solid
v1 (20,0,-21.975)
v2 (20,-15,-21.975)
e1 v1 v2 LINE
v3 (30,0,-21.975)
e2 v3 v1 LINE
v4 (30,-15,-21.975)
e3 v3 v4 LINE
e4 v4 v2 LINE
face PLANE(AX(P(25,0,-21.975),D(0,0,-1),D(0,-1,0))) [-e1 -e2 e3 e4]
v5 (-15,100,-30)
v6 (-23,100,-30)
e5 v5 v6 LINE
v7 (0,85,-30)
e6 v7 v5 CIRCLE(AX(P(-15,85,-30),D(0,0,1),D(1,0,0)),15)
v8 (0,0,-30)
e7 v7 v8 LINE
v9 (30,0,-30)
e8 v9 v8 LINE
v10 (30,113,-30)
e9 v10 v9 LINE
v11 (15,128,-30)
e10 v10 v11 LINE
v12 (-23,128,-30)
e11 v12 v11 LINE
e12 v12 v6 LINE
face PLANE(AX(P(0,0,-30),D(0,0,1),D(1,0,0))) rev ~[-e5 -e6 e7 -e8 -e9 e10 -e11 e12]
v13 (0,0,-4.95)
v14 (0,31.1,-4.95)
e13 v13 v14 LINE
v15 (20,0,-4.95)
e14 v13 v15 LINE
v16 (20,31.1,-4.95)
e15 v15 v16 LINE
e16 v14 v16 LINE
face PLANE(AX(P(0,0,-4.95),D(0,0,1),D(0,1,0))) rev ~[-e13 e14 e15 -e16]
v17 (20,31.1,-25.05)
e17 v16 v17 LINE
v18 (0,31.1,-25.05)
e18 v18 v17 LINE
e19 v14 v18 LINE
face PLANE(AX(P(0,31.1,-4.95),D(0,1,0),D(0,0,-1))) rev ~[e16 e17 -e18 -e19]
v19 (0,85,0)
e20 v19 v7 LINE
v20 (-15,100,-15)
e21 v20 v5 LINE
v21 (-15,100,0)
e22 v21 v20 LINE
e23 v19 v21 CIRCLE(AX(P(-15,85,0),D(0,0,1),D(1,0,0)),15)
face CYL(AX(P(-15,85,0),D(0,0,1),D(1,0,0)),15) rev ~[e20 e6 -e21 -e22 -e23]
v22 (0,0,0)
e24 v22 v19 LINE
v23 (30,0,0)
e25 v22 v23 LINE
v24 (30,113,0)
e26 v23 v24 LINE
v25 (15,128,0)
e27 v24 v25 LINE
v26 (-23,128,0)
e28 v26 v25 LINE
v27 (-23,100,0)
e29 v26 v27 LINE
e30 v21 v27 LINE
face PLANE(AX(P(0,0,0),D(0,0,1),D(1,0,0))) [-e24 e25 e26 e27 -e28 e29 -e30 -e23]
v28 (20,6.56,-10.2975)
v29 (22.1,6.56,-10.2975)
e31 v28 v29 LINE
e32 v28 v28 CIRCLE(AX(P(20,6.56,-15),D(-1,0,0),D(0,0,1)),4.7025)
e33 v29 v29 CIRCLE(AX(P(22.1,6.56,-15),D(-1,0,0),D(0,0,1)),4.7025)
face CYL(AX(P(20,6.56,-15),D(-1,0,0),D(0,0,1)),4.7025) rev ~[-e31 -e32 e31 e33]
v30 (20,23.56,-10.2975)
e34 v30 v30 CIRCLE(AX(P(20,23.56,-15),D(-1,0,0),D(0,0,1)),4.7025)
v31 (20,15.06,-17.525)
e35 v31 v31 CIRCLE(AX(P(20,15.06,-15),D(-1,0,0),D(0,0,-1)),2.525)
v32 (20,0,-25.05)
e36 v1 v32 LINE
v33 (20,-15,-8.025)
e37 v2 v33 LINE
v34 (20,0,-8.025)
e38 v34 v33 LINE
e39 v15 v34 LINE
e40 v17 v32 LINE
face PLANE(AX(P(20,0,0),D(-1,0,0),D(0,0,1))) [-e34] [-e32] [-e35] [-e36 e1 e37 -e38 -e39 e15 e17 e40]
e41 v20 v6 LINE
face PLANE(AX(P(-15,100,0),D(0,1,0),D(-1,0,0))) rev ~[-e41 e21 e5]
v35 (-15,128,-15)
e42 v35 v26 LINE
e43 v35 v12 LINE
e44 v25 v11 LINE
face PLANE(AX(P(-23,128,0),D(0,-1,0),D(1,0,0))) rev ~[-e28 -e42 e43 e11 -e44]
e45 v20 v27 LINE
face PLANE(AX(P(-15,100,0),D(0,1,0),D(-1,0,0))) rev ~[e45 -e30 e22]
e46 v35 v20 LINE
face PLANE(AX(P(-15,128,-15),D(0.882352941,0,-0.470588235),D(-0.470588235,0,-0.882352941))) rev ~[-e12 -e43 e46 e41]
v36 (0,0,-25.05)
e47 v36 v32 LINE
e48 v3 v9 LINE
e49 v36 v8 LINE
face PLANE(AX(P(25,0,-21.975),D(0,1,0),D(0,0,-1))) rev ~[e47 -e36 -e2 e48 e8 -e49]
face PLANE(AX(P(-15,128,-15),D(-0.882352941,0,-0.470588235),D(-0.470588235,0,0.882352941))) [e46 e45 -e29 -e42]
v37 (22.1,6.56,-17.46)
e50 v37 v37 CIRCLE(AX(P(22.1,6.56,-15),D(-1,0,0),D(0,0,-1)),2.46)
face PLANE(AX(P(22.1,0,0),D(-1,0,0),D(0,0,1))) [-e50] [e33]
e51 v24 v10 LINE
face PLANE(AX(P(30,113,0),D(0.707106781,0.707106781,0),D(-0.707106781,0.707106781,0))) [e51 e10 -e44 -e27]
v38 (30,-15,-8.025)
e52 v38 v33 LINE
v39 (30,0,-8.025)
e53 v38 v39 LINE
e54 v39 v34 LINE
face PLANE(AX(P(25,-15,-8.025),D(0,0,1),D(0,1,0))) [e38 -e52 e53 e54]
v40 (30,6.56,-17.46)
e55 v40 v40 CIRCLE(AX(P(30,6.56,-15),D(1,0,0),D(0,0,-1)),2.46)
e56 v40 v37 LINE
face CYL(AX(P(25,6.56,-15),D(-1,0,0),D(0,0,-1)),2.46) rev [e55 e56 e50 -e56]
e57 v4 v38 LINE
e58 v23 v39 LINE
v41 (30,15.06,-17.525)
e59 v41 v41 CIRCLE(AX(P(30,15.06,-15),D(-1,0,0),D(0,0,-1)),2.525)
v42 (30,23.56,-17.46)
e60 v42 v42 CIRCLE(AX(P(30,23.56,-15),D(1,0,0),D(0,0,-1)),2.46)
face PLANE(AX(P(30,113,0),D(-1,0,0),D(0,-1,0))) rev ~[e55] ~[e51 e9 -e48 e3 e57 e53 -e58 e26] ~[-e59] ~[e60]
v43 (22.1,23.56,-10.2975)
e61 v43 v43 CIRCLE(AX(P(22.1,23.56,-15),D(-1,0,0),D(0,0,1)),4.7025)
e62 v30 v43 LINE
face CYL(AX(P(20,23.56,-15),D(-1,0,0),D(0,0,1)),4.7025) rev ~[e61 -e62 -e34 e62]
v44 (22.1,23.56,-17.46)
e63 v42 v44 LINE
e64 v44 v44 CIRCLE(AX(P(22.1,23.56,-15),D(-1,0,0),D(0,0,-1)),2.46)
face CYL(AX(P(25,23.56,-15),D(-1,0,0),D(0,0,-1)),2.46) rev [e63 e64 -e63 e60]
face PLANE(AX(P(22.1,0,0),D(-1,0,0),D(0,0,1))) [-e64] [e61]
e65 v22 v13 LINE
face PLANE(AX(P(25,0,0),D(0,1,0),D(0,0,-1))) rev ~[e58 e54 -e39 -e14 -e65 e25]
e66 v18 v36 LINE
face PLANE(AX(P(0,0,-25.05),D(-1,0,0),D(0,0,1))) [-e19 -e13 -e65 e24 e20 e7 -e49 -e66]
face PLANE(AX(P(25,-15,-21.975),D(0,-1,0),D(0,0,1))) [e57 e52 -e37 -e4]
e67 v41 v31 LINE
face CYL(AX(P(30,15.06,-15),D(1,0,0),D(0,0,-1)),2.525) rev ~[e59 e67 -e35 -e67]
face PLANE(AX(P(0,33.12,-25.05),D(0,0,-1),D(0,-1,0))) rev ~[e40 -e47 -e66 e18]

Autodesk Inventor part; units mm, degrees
ref_plane "YZ Plane" through (0, 0, 0) normal (1, 0, 0) x (0, 1, 0)
ref_plane "XZ Plane" through (0, 0, 0) normal (0, 1, 0) x (-1, 0, 0)
ref_plane "XY Plane" through (0, 0, 0) normal (0, 0, 1) x (1, 0, 0)
sketch "Sketch1" plane through (0, 0, 0) normal (0, 0, 1) x (1, 0, 0)
  line L0 (0, 0) -> (25, 0)
  line L1 (25, 0) -> (25, 40)
  line L2 (25, 40) -> (0, 40)
  line L3 (0, 40) -> (0, 0)
  dimension "d1" = 25
  dimension "d2" = 40
  dimension "d3" = 25
extrude "Extrusion1" add sketch "Sketch1" against normal blind 30
sketch "Sketch2" plane through (25, 0, 0) normal (1, 0, 0) x (0, 0, -1)
  line L0 (0, 0) -> (30, 0) projected
  circle A0 centre (15, 6.56) radius 2.46
extrude "Extrusion2" cut sketch "Sketch2" against normal blind 30
sketch "Sketch3" plane through (0, 0, 0) normal (-1, 0, 0) x (0, 0, 1)
  line L0 (0, 0) -> (-30, 0) projected
  line L1 (-25.05, 0) -> (-4.95, 0)
  line L2 (-4.95, 0) -> (-4.95, 33.12)
  line L3 (-4.95, 33.12) -> (-25.05, 33.12)
  line L4 (-25.05, 33.12) -> (-25.05, 0)
  dimension "d11" = 20.1
extrude "Extrusion3" cut sketch "Sketch3" against normal blind 20
sketch "Sketch4" plane through (0, 0, 0) normal (0, -1, 0) x (1, 0, 0)
  line L0 (20, -4.95) -> (20, -25.05) projected
  line L1 (20, -15) -> (25, -15)
  line L2 (25, 0) -> (25, -30) projected
  line L3 (20, -8.025) -> (25, -8.025)
  line L4 (25, -8.025) -> (25, -21.975)
  line L5 (25, -21.975) -> (20, -21.975)
  line L6 (20, -21.975) -> (20, -8.025)
  line L7 (20, -8.025) -> (25, -21.975) construction
  line L8 (25, -8.025) -> (20, -21.975) construction
  line L9 (25, -12.54) -> (25, -17.46) projected
  point P0 (0, 0)
  point P1 (22.5, -15)
  dimension "d14" = 13.95
extrude "Extrusion4" add sketch "Sketch4" along normal blind 15
sketch "Sketch5" plane through (20, 0, 0) normal (-1, 0, 0) x (0, 0, 1)
  circle A0 centre (-15, 6.56) radius 2.46 projected
  circle A1 centre (-15, 6.56) radius 4.7025
  circle A2 centre (-15, 6.56) radius 2.46 projected
  circle A3 centre (-15, 6.56) radius 2.46
  point P0 (0, 0)
  dimension "d17" = 9.405
extrude "Extrusion5" cut sketch "Sketch5" against normal blind 2.1
sketch "Sketch6" plane through (25, 0, 0) normal (1, 0, 0) x (0, 0, -1)
  circle A0 centre (15, 6.56) radius 4.7025 projected
  line L0 (15, 6.56) -> (15, 23.56)
  circle A1 centre (15, 23.56) radius 2.46
  point P0 (0, 0)
  dimension "d20" = 17
  dimension "d21" = 4.92
extrude "Extrusion6" cut sketch "Sketch6" against normal blind 10 contours A1
sketch "Sketch7" plane through (20, 0, 0) normal (-1, 0, 0) x (0, 0, 1)
  circle A0 centre (-15, 23.56) radius 2.46 projected
  circle A1 centre (-15, 23.56) radius 4.7025
  point P0 (0, 0)
  dimension "d24" = 9.405
extrude "Extrusion7" cut sketch "Sketch7" against normal blind 2.1
sketch "Sketch9" plane through (25, 0, 0) normal (1, 0, 0) x (0, 0, -1)
  circle A0 centre (15, 6.56) radius 2.46 projected
  circle A1 centre (15, 6.56) radius 2.46
  circle A2 centre (15, 23.56) radius 2.46 projected
  circle A3 centre (15, 23.56) radius 2.46
  line L0 (30, 40) -> (30, 0) projected
  line L1 (30, 0) -> (30, 40)
  line L2 (30, 40) -> (0, 40)
  line L3 (0, 40) -> (0, 0)
  line L4 (0, 0) -> (8.025, 0) projected
  line L5 (21.975, 0) -> (21.975, -15)
  line L6 (21.975, -15) -> (8.025, -15)
  line L7 (8.025, -15) -> (8.025, 0)
  line L8 (0, 0) -> (8.025, 0)
  line L9 (21.975, 0) -> (30, 0)
extrude "Extrusion8" add sketch "Sketch9" along normal blind 5
sketch "Sketch10" plane through (0, 40, 0) normal (0, 1, 0) x (1, 0, 0)
  line L0 (0, 30) -> (30, 30) projected
  line L1 (30, 0) -> (0, 0) projected
  line L2 (0, 30) -> (30, 30)
  line L3 (30, 30) -> (30, 0)
  line L4 (30, 0) -> (0, 0)
  line L5 (0, 0) -> (0, 30)
extrude "Extrusion9" add sketch "Sketch10" along normal blind 30
sketch "Sketch12" plane through (30, 0, 0) normal (1, 0, 0) x (0, 0, -1)
  circle A0 centre (15, 6.56) radius 2.46 projected
  line L0 (15, 6.56) -> (15, 15.06)
  circle A1 centre (15, 15.06) radius 2.525
  point P0 (0, 0)
  dimension "d31" = 8.5
  dimension "d33" = 5.05
extrude "Extrusion10" cut sketch "Sketch12" against normal blind 30 contours A1
sketch "Sketch14" plane through (0, 0, 0) normal (0, 0, 1) x (1, 0, 0)
  line L0 (30, 70) -> (0, 70) projected
  line L1 (0, 70) -> (0, 85)
  line L2 (-15, 100) -> (-23, 100)
  line L3 (30, 0) -> (30, 70) projected
  line L4 (30, 113) -> (30, 70)
  arc A0 (0, 85) -> (-15, 100) centre (-15, 85) ccw
  line L5 (30, 105) -> (30, 100)
  line L6 (-23, 128) -> (15, 128)
  line L7 (30, 113) -> (15, 128)
  line L8 (-23, 128) -> (-23, 100)
  point P0 (0, 0)
  point P1 (0, 100)
  dimension "d47" = 30
  dimension "d54" = 15
  dimension "d69" = 28
extrude "Extrusion12" add sketch "Sketch14" against normal blind 30
sketch "Sketch15" plane through (0, 0, -25.05) normal (-1, 0, 0) x (0, 0, 1)
  line L0 (0, 33.12) -> (20.1, 33.12) projected
  line L1 (20.1, 33.12) -> (20.1, 0) projected
  line L2 (0, 33.12) -> (20.1, 33.12)
  line L3 (20.1, 33.12) -> (20.1, 31.1)
  line L4 (20.1, 31.1) -> (0, 31.1)
  line L5 (0, 31.1) -> (0, 33.12)
  point P0 (25.05, 0)
  dimension "d57" = 2.02
extrude "Extrusion13" add sketch "Sketch15" against normal blind 20
sketch "Sketch25" plane through (-23, 128, 0) normal (0, 1, 0) x (1, 0, 0)
  line L0 (0, 0) -> (0, 30) projected
  line L1 (8, 15) -> (0, 0)
  line L2 (8, 15) -> (0, 30)
  line L3 (8, 30) -> (0, 30) projected
  line L4 (0, 30) -> (0, 0)
  point P0 (23, 0)
extrude "Extrusion17" cut sketch "Sketch25" against normal through all
properties part number "orien_b_25mm"
